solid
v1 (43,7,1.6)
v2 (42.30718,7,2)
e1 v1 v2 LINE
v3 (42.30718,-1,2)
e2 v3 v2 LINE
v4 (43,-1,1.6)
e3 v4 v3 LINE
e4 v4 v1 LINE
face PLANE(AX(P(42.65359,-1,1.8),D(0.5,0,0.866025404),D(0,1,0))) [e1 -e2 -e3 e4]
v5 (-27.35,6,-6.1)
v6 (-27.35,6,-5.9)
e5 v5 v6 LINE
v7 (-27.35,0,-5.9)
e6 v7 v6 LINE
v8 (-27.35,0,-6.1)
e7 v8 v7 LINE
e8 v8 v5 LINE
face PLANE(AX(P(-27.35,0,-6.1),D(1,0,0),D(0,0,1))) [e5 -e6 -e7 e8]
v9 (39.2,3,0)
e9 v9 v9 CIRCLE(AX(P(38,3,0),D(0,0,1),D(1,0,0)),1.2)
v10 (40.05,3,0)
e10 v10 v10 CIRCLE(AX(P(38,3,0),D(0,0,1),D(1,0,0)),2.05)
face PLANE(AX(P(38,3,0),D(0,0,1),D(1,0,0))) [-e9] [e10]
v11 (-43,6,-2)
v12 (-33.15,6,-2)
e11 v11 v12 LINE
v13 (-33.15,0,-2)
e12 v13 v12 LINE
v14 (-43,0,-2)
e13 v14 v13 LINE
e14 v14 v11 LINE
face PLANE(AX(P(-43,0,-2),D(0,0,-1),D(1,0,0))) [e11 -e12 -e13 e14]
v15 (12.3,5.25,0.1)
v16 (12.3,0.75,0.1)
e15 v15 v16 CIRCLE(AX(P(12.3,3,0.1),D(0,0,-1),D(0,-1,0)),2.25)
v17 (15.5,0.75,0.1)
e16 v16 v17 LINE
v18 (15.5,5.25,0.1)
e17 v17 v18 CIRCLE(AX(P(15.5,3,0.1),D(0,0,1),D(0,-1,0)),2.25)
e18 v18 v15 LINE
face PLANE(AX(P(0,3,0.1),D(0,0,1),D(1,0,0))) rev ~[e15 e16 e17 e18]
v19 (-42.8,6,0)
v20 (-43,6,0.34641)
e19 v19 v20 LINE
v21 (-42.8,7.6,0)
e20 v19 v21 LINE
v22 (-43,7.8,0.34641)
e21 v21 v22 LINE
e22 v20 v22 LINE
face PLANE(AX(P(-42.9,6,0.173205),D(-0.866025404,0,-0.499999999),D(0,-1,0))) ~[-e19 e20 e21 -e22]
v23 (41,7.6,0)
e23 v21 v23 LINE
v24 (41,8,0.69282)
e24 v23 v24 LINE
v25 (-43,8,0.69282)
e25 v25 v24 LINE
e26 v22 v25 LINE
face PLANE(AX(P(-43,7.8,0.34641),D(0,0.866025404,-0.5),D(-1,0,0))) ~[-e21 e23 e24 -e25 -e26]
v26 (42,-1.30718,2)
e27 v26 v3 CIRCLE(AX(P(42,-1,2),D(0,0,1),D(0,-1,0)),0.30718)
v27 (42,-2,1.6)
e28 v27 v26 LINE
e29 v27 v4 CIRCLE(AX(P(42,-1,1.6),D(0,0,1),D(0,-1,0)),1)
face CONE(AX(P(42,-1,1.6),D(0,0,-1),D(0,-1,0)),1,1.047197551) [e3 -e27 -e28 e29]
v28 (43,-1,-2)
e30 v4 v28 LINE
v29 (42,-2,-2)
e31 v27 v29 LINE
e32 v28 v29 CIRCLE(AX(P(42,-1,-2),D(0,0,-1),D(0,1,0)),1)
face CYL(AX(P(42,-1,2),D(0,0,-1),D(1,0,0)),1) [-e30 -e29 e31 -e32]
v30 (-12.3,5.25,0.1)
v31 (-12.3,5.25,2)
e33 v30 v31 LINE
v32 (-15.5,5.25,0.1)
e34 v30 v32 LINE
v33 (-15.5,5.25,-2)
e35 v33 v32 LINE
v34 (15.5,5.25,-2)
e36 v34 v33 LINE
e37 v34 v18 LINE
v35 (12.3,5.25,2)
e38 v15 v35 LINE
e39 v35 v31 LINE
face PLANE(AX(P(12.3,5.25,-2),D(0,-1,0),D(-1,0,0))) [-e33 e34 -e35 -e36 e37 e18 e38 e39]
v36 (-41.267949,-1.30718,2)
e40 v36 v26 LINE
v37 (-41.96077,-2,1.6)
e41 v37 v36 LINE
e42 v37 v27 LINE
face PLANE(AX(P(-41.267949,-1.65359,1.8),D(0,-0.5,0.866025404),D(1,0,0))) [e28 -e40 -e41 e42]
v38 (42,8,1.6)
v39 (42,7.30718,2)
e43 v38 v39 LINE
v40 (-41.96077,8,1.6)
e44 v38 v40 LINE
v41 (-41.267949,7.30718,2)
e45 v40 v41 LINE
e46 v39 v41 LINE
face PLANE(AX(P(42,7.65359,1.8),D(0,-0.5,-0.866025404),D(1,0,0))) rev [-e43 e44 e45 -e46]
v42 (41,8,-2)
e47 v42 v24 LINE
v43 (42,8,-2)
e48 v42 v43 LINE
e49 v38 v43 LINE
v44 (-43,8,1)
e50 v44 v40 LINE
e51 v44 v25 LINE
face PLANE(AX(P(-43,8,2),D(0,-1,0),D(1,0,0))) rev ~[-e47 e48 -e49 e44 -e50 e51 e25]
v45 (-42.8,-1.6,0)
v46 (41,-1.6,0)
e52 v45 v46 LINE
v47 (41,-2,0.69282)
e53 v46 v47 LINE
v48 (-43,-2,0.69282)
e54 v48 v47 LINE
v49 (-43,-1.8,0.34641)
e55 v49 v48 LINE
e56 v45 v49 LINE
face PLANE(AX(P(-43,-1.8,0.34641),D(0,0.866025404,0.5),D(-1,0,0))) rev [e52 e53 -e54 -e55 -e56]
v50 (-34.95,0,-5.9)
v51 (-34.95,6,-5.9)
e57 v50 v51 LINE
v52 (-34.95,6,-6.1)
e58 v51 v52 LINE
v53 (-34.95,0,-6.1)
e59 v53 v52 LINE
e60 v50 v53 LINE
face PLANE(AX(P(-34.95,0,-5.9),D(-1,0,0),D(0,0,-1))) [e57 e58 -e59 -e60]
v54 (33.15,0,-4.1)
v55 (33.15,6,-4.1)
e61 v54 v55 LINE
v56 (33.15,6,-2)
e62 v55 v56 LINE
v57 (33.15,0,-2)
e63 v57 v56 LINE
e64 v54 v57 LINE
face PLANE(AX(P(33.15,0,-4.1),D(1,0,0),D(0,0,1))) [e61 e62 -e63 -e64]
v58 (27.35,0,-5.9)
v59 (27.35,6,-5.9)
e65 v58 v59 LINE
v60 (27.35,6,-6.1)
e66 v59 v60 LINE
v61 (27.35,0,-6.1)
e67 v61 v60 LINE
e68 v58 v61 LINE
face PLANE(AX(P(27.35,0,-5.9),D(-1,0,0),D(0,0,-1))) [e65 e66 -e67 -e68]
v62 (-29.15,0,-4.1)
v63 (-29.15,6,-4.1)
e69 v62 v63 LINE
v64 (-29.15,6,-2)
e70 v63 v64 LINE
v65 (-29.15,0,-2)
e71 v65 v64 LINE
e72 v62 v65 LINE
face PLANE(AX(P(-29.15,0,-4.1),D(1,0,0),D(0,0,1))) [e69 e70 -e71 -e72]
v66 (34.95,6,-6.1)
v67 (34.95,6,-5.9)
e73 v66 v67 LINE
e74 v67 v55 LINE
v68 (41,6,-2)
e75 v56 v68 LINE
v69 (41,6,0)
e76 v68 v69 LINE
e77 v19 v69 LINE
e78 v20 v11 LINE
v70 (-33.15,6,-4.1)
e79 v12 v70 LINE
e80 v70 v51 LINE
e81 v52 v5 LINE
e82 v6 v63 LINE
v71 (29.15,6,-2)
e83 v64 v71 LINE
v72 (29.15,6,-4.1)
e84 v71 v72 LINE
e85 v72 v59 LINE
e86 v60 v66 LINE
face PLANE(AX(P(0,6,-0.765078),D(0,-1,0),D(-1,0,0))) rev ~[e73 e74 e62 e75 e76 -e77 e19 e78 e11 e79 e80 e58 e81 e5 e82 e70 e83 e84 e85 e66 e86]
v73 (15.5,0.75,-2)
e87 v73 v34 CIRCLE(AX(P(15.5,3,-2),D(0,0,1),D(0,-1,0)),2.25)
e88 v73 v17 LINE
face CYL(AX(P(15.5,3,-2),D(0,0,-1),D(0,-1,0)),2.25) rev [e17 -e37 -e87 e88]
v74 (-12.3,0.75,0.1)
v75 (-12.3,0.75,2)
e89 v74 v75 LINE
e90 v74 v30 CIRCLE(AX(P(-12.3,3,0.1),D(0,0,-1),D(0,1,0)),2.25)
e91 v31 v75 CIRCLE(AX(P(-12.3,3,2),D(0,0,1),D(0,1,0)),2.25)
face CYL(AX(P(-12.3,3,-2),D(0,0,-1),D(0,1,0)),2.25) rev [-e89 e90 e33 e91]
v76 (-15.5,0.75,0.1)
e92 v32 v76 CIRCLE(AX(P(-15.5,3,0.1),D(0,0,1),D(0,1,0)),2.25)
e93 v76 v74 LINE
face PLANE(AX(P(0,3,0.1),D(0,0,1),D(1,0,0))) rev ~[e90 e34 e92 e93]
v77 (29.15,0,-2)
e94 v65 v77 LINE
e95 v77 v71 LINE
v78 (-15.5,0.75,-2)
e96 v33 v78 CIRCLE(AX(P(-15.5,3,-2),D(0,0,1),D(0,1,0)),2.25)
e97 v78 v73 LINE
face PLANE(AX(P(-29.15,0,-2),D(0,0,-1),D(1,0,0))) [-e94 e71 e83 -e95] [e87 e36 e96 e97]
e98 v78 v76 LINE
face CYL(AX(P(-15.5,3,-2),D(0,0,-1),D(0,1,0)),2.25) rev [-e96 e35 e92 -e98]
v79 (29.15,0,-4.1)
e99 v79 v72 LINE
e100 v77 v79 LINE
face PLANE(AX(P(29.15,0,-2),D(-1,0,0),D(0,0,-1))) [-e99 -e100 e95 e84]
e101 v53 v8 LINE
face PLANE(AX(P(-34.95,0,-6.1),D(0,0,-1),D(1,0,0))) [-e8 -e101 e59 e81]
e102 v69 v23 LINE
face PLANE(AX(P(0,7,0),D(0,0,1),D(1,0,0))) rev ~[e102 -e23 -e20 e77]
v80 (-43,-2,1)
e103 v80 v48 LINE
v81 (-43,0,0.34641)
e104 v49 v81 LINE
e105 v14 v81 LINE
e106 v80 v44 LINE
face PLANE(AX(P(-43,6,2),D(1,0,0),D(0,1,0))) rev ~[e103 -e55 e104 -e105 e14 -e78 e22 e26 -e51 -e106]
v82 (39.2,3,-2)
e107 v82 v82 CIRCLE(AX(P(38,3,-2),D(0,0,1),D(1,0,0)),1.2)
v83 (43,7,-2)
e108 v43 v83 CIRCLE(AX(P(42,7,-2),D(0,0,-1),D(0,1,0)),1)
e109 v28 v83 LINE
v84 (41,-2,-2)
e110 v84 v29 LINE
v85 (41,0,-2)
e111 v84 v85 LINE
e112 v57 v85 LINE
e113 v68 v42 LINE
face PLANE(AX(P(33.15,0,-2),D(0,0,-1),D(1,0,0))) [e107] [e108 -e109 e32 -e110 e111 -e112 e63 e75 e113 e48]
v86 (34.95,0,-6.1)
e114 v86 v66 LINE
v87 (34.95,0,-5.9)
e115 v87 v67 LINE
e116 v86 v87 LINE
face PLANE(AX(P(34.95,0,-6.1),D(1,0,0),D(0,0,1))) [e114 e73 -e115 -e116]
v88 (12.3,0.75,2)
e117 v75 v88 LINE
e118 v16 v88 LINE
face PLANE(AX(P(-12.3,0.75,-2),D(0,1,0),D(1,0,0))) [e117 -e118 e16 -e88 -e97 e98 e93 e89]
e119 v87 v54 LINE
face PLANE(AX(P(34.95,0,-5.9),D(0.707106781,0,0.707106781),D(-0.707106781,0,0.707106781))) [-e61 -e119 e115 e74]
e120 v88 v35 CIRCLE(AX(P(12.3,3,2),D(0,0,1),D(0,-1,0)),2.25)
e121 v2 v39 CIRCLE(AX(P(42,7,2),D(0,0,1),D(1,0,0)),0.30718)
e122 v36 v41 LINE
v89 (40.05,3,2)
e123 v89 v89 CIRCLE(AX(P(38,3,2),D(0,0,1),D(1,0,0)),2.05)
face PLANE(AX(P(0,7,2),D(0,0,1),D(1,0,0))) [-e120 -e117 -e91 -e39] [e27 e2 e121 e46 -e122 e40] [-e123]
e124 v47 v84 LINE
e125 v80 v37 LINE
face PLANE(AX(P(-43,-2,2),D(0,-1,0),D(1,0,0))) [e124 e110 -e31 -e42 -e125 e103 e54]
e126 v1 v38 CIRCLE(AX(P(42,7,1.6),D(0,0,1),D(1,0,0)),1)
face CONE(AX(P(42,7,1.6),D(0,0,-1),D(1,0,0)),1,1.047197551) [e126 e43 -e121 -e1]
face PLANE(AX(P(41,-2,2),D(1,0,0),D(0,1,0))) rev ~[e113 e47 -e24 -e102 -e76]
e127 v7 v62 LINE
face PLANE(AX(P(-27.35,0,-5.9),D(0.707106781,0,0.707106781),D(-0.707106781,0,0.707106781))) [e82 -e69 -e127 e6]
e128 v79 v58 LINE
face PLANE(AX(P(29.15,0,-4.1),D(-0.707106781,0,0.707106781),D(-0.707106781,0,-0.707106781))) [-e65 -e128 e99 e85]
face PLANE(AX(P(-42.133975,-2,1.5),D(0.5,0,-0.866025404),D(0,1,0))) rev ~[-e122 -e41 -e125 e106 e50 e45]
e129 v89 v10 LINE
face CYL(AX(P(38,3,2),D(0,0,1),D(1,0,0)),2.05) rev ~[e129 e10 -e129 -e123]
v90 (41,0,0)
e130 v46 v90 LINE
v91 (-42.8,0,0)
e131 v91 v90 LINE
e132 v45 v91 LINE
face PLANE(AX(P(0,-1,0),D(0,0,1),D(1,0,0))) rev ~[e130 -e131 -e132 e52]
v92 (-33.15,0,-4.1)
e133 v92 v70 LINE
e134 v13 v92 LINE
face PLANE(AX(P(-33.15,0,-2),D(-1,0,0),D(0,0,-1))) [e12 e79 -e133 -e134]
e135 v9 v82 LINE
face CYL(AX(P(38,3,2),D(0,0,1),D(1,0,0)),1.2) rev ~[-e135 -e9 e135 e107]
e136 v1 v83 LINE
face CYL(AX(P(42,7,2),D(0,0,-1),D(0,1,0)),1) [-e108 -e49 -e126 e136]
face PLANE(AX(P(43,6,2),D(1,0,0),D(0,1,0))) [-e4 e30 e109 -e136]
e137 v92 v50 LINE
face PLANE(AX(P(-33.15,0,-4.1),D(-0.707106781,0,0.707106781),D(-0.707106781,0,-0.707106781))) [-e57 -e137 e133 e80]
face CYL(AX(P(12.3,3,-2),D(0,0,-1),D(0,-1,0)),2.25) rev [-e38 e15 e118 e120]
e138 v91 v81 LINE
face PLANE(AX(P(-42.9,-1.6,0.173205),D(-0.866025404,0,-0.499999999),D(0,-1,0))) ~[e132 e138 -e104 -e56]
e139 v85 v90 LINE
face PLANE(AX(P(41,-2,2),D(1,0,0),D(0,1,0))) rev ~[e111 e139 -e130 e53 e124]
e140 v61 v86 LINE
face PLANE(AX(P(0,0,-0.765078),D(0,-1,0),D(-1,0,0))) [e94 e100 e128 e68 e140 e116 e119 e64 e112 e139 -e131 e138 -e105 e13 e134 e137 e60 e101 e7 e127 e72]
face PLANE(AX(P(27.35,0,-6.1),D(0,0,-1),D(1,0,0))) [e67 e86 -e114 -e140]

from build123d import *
from OCP.BRepFilletAPI import BRepFilletAPI_MakeChamfer

# Parameters (mm, degrees)
EXTRUDE_1_DEPTH     = 6
CUT_EXTRUDE_1_DEPTH = 2.1
CUT_EXTRUDE_2_DEPTH = 4
SKETCH_3_W          = 86
SKETCH_3_H          = 2
EXTRUDE_2_DEPTH     = 2
SKETCH_4_W          = 2
SKETCH_4_H          = 10
EXTRUDE_3_DEPTH     = 4
FILLET_1_R          = 1
CHAMFER_1_SIZE      = 1
CHAMFER_1_SIZE2     = 1.732050808
CHAMFER_2_SIZE      = 0.4
CHAMFER_2_SIZE2     = 0.692820323
SKETCH_5_R          = 1.2
CUT_EXTRUDE_3_DEPTH = 45.481569217
SKETCH_5_3_R        = 2.05
CUT_EXTRUDE_4_DEPTH = 2
CHAMFER_3_SIZE      = 0.2
CHAMFER_3_SIZE2     = 0.346410162


with BuildPart() as part:
    # 草图1 → 凸台-拉伸1 (new body)
    with BuildSketch(Plane(origin=(0, 0, 0), x_dir=(1, 0, 0), z_dir=(0, 1, 0))):
        Polygon((-43, 2), (-33.15, 2), (-33.15, 4.1), (-34.95, 5.9), (-34.95, 6.1), (-27.35, 6.1), (-27.35, 5.9), (-29.15, 4.1), (-29.15, 2), (29.15, 2), (29.15, 4.1), (27.35, 5.9), (27.35, 6.1), (34.95, 6.1), (34.95, 5.9), (33.15, 4.1), (33.15, 2), (43, 2), (43, -2), (-43, -2), align=None)
    extrude(amount=EXTRUDE_1_DEPTH)

    # 草图2 → 切除-拉伸1 (cut)
    with BuildSketch(Plane(origin=(0, 0, -2), x_dir=(-1, 0, 0), z_dir=(0, 0, -1))):
        with BuildLine():
            Line((-15.5, 5.25), (15.5, 5.25))
            ThreePointArc((15.5, 5.25), (17.75, 3), (15.5, 0.75))
            Line((15.5, 0.75), (-15.5, 0.75))
            ThreePointArc((-15.5, 0.75), (-17.75, 3), (-15.5, 5.25))
        make_face()
    extrude(amount=-CUT_EXTRUDE_1_DEPTH, mode=Mode.SUBTRACT)

    # 草图2<3> → 切除-拉伸2 (cut)
    with BuildSketch(Plane(origin=(0, 0, -2), x_dir=(-1, 0, 0), z_dir=(0, 0, -1))):
        with BuildLine():
            Line((-12.3, 5.25), (12.3, 5.25))
            ThreePointArc((12.3, 5.25), (14.55, 3), (12.3, 0.75))
            Line((12.3, 0.75), (-12.3, 0.75))
            ThreePointArc((-12.3, 0.75), (-14.55, 3), (-12.3, 5.25))
        make_face()
    extrude(amount=-CUT_EXTRUDE_2_DEPTH, mode=Mode.SUBTRACT)

    # 草图3 → 凸台-拉伸2 (add)
    with BuildSketch(Plane.XY.offset(2)):
        with Locations((0, 7)):
            Rectangle(SKETCH_3_W, SKETCH_3_H)
        with Locations((0, -1)):
            Rectangle(SKETCH_3_W, SKETCH_3_H)
    extrude(amount=-EXTRUDE_2_DEPTH)

    # 草图4 → 凸台-拉伸3 (add)
    with BuildSketch(Plane.XY.offset(2)):
        with Locations((42, 3)):
            Rectangle(SKETCH_4_W, SKETCH_4_H)
    extrude(amount=-EXTRUDE_3_DEPTH)

    # 圆角1
    fillet_1_edges = [part.edges().sort_by_distance(p)[0] for p in [
        (43, -2, 0),
        (43, 8, 0),
    ]]
    fillet(fillet_1_edges, radius=FILLET_1_R)

    # 倒角1
    chamfer_1_edges = [part.edges().sort_by_distance(p)[0] for p in [
        (-43, 3, 2),
    ]]
    chamfer_1_side = [part.faces().sort_by_distance(p)[0] for p in [
        (-43, 3, 0.25),
    ]]
    chamfer(chamfer_1_edges, length=CHAMFER_1_SIZE, length2=CHAMFER_1_SIZE2, reference=chamfer_1_side[0])

    # 倒角2: one chamfer whose edges measure the first distance from different faces: ONE call of the kernel's chamfer builder (chamfer() names one face for all edges)
    chamfer_2_edges_1 = [part.edges().sort_by_distance(p)[0] for p in [
        (-1, -2, 0),
    ]]
    chamfer_2_side_1 = [part.faces().sort_by_distance(p)[0] for p in [
        (-1, -1, 0),
    ]]
    chamfer_2_edges_2 = [part.edges().sort_by_distance(p)[0] for p in [
        (-1, 8, 0),
    ]]
    chamfer_2_side_2 = [part.faces().sort_by_distance(p)[0] for p in [
        (-1, 7, 0),
    ]]
    chamfer_2_edges_3 = [part.edges().sort_by_distance(p)[0] for p in [
        (43, 3, 2),
    ]]
    chamfer_2_side_3 = [part.faces().sort_by_distance(p)[0] for p in [
        (43, 3, 0),
    ]]
    chamfer_2_edges_4 = [part.edges().sort_by_distance(p)[0] for p in [
        (0.366025404, 8, 2),
    ]]
    chamfer_2_side_4 = [part.faces().sort_by_distance(p)[0] for p in [
        (0.202993546, 8, 0.973252826),
    ]]
    chamfer_2_edges_5 = [part.edges().sort_by_distance(p)[0] for p in [
        (42.707106781, 7.707106781, 2),
    ]]
    chamfer_2_side_5 = [part.faces().sort_by_distance(p)[0] for p in [
        (42.707106781, 7.707106781, 0),
    ]]
    chamfer_2_edges_6 = [part.edges().sort_by_distance(p)[0] for p in [
        (42.707106781, -1.707106781, 2),
    ]]
    chamfer_2_side_6 = [part.faces().sort_by_distance(p)[0] for p in [
        (42.707106781, -1.707106781, 0),
    ]]
    chamfer_2_edges_7 = [part.edges().sort_by_distance(p)[0] for p in [
        (0.366025404, -2, 2),
    ]]
    chamfer_2_side_7 = [part.faces().sort_by_distance(p)[0] for p in [
        (0.202993546, -2, 0.973252826),
    ]]
    chamfer_2 = BRepFilletAPI_MakeChamfer(part.part.solid().wrapped)
    for e in chamfer_2_edges_1:
        chamfer_2.Add(CHAMFER_2_SIZE, CHAMFER_2_SIZE2, e.wrapped, chamfer_2_side_1[0].wrapped)  # the first distance lies on this face
    for e in chamfer_2_edges_2:
        chamfer_2.Add(CHAMFER_2_SIZE, CHAMFER_2_SIZE2, e.wrapped, chamfer_2_side_2[0].wrapped)  # the first distance lies on this face
    for e in chamfer_2_edges_3:
        chamfer_2.Add(CHAMFER_2_SIZE, CHAMFER_2_SIZE2, e.wrapped, chamfer_2_side_3[0].wrapped)  # the first distance lies on this face
    for e in chamfer_2_edges_4:
        chamfer_2.Add(CHAMFER_2_SIZE, CHAMFER_2_SIZE2, e.wrapped, chamfer_2_side_4[0].wrapped)  # the first distance lies on this face
    for e in chamfer_2_edges_5:
        chamfer_2.Add(CHAMFER_2_SIZE, CHAMFER_2_SIZE2, e.wrapped, chamfer_2_side_5[0].wrapped)  # the first distance lies on this face
    for e in chamfer_2_edges_6:
        chamfer_2.Add(CHAMFER_2_SIZE, CHAMFER_2_SIZE2, e.wrapped, chamfer_2_side_6[0].wrapped)  # the first distance lies on this face
    for e in chamfer_2_edges_7:
        chamfer_2.Add(CHAMFER_2_SIZE, CHAMFER_2_SIZE2, e.wrapped, chamfer_2_side_7[0].wrapped)  # the first distance lies on this face
    add(Compound.cast(chamfer_2.Shape()), mode=Mode.REPLACE)

    # 草图5 → 切除-拉伸3 (cut, through all)
    with BuildSketch(Plane.XY.offset(2)):
        with Locations((38, 3)):
            Circle(SKETCH_5_R)
    extrude(amount=-CUT_EXTRUDE_3_DEPTH, mode=Mode.SUBTRACT)

    # 草图5<3> → 切除-拉伸4 (cut)
    with BuildSketch(Plane.XY.offset(2)):
        with Locations((38, 3)):
            Circle(SKETCH_5_3_R)
    extrude(amount=-CUT_EXTRUDE_4_DEPTH, mode=Mode.SUBTRACT)

    # 倒角3: one chamfer whose edges measure the first distance from different faces: ONE call of the kernel's chamfer builder (chamfer() names one face for all edges)
    chamfer_3_edges_1 = [part.edges().sort_by_distance(p)[0] for p in [
        (-43, -0.8, 0),
    ]]
    chamfer_3_side_1 = [part.faces().sort_by_distance(p)[0] for p in [
        (-1, -0.8, 0),
    ]]
    chamfer_3_edges_2 = [part.edges().sort_by_distance(p)[0] for p in [
        (-43, 6.8, 0),
    ]]
    chamfer_3_side_2 = [part.faces().sort_by_distance(p)[0] for p in [
        (-1, 6.8, 0),
    ]]
    chamfer_3 = BRepFilletAPI_MakeChamfer(part.part.solid().wrapped)
    for e in chamfer_3_edges_1:
        chamfer_3.Add(CHAMFER_3_SIZE, CHAMFER_3_SIZE2, e.wrapped, chamfer_3_side_1[0].wrapped)  # the first distance lies on this face
    for e in chamfer_3_edges_2:
        chamfer_3.Add(CHAMFER_3_SIZE, CHAMFER_3_SIZE2, e.wrapped, chamfer_3_side_2[0].wrapped)  # the first distance lies on this face
    add(Compound.cast(chamfer_3.Shape()), mode=Mode.REPLACE)


solid = part.part
